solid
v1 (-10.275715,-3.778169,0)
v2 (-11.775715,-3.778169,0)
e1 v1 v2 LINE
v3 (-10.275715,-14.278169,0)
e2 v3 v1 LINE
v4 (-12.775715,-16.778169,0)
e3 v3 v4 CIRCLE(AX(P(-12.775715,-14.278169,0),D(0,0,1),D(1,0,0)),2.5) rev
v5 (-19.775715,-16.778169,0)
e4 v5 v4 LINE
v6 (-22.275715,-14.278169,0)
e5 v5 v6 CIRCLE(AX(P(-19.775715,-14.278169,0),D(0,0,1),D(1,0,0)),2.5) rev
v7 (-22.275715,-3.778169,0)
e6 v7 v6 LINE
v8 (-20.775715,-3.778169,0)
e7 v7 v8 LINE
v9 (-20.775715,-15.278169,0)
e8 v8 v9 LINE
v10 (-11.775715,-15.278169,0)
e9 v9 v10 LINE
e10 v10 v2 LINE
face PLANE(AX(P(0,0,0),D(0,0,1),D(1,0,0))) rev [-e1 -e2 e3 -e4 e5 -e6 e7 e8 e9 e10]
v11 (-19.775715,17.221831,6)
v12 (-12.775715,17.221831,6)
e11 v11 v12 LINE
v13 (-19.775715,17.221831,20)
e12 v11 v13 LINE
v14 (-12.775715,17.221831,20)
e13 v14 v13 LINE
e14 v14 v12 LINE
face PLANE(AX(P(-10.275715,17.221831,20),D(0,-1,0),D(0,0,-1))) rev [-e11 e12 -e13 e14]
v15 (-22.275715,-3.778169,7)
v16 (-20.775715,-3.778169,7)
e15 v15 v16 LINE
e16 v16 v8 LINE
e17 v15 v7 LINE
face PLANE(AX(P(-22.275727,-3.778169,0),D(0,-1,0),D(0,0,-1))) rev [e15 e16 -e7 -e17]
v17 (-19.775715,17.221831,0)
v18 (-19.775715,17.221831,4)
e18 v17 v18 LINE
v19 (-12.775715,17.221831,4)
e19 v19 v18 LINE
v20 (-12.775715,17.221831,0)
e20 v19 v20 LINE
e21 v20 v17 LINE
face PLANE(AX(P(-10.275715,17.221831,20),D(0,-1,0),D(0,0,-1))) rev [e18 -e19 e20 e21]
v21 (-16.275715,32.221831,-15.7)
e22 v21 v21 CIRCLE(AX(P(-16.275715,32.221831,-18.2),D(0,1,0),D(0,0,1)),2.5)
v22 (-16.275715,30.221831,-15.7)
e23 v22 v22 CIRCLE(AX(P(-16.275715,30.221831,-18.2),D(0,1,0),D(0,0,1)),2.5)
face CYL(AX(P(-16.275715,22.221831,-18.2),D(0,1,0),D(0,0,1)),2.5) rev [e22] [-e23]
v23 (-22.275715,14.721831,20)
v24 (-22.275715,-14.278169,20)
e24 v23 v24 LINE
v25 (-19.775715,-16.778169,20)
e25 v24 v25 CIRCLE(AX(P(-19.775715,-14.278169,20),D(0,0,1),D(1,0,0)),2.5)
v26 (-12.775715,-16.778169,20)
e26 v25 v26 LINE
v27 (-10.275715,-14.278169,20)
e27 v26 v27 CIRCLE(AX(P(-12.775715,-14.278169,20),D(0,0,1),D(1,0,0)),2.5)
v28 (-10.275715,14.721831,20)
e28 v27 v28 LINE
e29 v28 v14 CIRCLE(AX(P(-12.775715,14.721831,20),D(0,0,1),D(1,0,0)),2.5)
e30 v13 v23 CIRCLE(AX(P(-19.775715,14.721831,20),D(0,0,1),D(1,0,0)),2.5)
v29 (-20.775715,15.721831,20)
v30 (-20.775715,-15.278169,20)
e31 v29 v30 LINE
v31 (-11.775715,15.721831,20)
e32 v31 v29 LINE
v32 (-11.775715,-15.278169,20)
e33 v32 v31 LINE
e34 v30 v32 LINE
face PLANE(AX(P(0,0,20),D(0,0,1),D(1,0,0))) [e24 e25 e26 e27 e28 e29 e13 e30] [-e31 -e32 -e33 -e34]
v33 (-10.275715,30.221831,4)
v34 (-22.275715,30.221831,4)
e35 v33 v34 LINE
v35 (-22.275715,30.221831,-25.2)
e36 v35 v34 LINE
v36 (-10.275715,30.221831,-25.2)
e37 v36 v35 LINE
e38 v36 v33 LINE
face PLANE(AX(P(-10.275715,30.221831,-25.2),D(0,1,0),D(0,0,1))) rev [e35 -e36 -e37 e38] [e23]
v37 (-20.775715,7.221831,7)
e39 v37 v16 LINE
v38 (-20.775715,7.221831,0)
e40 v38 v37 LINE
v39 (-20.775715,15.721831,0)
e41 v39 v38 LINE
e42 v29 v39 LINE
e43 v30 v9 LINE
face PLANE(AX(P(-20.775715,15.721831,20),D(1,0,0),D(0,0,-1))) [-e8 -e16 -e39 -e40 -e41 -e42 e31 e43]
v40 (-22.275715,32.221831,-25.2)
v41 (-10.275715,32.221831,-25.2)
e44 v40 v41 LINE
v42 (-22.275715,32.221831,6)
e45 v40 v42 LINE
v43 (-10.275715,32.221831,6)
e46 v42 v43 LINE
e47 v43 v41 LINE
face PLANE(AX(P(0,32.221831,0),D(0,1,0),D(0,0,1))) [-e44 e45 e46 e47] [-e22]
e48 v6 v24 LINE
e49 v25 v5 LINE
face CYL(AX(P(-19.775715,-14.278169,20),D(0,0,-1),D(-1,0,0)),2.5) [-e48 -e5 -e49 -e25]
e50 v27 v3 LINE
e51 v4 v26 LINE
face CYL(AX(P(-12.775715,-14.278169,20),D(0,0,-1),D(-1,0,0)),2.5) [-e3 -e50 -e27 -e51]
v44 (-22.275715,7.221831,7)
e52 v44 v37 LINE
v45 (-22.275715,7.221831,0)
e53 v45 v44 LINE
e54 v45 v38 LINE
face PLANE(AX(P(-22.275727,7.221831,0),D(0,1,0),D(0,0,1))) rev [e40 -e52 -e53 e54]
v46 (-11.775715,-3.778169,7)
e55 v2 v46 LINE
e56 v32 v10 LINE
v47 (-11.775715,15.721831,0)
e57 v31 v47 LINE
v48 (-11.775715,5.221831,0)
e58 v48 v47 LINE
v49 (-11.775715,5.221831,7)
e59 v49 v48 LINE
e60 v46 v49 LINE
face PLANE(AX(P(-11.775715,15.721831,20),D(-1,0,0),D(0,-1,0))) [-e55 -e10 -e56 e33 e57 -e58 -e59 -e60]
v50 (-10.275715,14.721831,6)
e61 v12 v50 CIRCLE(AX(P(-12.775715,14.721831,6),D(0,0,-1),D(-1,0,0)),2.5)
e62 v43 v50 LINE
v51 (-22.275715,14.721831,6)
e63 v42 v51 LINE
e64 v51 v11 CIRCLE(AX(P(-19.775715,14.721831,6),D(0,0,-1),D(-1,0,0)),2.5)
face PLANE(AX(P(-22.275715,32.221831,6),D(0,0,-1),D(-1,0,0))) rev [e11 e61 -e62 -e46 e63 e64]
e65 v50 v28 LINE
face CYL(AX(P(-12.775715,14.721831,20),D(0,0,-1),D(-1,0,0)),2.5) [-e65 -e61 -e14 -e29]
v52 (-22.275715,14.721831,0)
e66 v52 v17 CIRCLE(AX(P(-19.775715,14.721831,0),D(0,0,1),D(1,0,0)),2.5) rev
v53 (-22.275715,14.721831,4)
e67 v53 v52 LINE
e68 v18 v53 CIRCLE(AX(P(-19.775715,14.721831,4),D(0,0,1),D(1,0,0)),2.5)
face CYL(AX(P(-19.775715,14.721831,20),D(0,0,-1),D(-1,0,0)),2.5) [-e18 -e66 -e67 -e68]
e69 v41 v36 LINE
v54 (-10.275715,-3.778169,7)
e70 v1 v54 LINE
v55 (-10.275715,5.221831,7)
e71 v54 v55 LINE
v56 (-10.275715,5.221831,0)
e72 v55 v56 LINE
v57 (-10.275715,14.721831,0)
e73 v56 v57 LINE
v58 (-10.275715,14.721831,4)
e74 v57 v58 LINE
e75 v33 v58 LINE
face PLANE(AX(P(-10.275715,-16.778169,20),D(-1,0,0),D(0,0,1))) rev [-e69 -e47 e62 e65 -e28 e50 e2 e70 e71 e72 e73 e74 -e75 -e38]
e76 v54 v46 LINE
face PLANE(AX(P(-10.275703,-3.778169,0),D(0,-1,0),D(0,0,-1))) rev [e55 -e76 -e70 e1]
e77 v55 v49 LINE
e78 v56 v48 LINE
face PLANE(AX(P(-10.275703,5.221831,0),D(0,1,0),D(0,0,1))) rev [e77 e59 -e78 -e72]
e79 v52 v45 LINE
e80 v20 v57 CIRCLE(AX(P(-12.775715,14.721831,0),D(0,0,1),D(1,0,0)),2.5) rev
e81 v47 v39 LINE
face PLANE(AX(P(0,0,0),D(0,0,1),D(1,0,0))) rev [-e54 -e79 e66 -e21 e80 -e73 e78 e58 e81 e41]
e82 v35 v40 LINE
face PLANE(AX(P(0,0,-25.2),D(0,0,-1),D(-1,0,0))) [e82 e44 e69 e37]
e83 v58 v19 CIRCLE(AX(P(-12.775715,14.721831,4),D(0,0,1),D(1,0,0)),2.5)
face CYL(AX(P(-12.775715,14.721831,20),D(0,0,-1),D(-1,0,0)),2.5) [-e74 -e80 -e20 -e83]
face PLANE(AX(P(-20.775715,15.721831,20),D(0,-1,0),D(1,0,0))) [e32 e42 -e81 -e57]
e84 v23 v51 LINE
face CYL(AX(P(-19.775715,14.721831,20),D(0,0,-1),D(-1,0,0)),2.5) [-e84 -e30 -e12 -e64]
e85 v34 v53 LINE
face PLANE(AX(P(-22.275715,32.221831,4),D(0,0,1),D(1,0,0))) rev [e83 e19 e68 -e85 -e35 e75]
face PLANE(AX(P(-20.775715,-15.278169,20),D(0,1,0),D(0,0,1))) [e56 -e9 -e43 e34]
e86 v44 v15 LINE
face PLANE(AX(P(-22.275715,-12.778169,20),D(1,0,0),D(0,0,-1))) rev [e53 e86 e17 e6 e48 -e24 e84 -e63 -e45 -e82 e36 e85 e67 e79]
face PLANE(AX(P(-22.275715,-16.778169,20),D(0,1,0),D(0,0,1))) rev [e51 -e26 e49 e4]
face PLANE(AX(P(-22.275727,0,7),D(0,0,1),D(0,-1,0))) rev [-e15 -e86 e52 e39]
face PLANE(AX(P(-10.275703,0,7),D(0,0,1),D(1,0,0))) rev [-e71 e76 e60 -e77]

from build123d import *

# Parameters (mm, degrees)
ESQUISSE1_W                  = 9
ESQUISSE1_H                  = 31
BOSS_EXTRU_1_DEPTH           = 20
ESQUISSE3_W                  = 12
ESQUISSE3_H                  = 2
BOSS_EXTRU_2_DEPTH           = 15
ESQUISSE4_W                  = 12
ESQUISSE4_H                  = 2
BOSS_EXTRU_3_DEPTH           = 29.2
ESQUISSE5_R                  = 2.5
ENL_V_MAT_EXTRU_3_DEPTH      = 10
CONG_1_R                     = 2.5
CONG_2_R                     = 2.5
ENL_V_MAT_EXTRU_5_DEPTH      = 43.629642176
ENL_V_MAT_EXTRU_5_DEPTH_BACK = 5
ESQUISSE6_W                  = 7
ESQUISSE6_H                  = 11
ENL_V_MAT_EXTRU_2_DEPTH      = 43.629642176
ENL_V_MAT_EXTRU_2_DEPTH_BACK = 5
ESQUISSE2_W                  = 7
ESQUISSE2_H                  = 9


with BuildPart() as part:
    # Esquisse1 → Boss.-Extru.1 (new body)
    with BuildSketch(Plane.XY):
        Polygon((-22.275714661, 15.721830986), (-22.275714661, -12.778169014), (-22.275714661, -16.778169014), (-10.275714661, -16.778169014), (-10.275714661, 17.221830986), (-22.275714661, 17.221830986), align=None)
        with Locations((-16.275714661, 0.221830986)):
            Rectangle(ESQUISSE1_W, ESQUISSE1_H, mode=Mode.SUBTRACT)
    extrude(amount=BOSS_EXTRU_1_DEPTH)

    # Esquisse3 → Boss.-Extru.2 (add)
    with BuildSketch(Plane(origin=(0, 17.221830986, 0), x_dir=(1, 0, 0), z_dir=(0, 1, 0))):
        with Locations((-16.275714661, -5)):
            Rectangle(ESQUISSE3_W, ESQUISSE3_H)
    extrude(amount=BOSS_EXTRU_2_DEPTH)

    # Esquisse4 → Boss.-Extru.3 (add)
    with BuildSketch(Plane(origin=(0, 0, 4), x_dir=(-1, 0, 0), z_dir=(0, 0, -1))):
        with Locations((16.275714661, 31.221830986)):
            Rectangle(ESQUISSE4_W, ESQUISSE4_H)
    extrude(amount=BOSS_EXTRU_3_DEPTH)

    # Esquisse5 → Enlèv. mat.-Extru.3 (cut)
    with BuildSketch(Plane(origin=(0, 32.221830986, 0), x_dir=(1, 0, 0), z_dir=(0, 1, 0))):
        with Locations(Location((-16.275714661, 18.2, 0), (0, 0, 270))):
            Circle(ESQUISSE5_R)
    extrude(amount=-ENL_V_MAT_EXTRU_3_DEPTH, mode=Mode.SUBTRACT)

    # Congé1
    cong_1_edges = [part.edges().sort_by_distance(p)[0] for p in [
        (-10.275714661, 17.221830986, 13),
        (-10.275714661, -16.778169014, 10),
    ]]
    fillet(cong_1_edges, radius=CONG_1_R)

    # Congé2
    cong_2_edges = [part.edges().sort_by_distance(p)[0] for p in [
        (-22.275714661, 17.221830986, 13),
        (-22.275714661, -16.778169014, 10),
        (-22.275714661, 17.221830986, 2),
        (-10.275714661, 17.221830986, 2),
    ]]
    fillet(cong_2_edges, radius=CONG_2_R)

    # Esquisse6 → Enlèv. mat.-Extru.5 (cut, two sides: drawn at the far end of the back side and taken through both)
    with BuildSketch(Plane.ZY.offset(22.275714661).offset(-ENL_V_MAT_EXTRU_5_DEPTH_BACK)):
        with Locations((3.5, 1.721830986)):
            Rectangle(ESQUISSE6_W, ESQUISSE6_H)
    extrude(amount=ENL_V_MAT_EXTRU_5_DEPTH + ENL_V_MAT_EXTRU_5_DEPTH_BACK, mode=Mode.SUBTRACT)

    # Esquisse2 → Enlèv. mat.-Extru.2 (cut, two sides: drawn at the far end of the back side and taken through both)
    with BuildSketch(Plane(origin=(-10.275714661, 0, 0), x_dir=(0, 0, -1), z_dir=(1, 0, 0)).offset(-ENL_V_MAT_EXTRU_2_DEPTH_BACK)):
        with Locations((-3.5, 0.721830986)):
            Rectangle(ESQUISSE2_W, ESQUISSE2_H)
    extrude(amount=ENL_V_MAT_EXTRU_2_DEPTH + ENL_V_MAT_EXTRU_2_DEPTH_BACK, mode=Mode.SUBTRACT)


solid = part.part
